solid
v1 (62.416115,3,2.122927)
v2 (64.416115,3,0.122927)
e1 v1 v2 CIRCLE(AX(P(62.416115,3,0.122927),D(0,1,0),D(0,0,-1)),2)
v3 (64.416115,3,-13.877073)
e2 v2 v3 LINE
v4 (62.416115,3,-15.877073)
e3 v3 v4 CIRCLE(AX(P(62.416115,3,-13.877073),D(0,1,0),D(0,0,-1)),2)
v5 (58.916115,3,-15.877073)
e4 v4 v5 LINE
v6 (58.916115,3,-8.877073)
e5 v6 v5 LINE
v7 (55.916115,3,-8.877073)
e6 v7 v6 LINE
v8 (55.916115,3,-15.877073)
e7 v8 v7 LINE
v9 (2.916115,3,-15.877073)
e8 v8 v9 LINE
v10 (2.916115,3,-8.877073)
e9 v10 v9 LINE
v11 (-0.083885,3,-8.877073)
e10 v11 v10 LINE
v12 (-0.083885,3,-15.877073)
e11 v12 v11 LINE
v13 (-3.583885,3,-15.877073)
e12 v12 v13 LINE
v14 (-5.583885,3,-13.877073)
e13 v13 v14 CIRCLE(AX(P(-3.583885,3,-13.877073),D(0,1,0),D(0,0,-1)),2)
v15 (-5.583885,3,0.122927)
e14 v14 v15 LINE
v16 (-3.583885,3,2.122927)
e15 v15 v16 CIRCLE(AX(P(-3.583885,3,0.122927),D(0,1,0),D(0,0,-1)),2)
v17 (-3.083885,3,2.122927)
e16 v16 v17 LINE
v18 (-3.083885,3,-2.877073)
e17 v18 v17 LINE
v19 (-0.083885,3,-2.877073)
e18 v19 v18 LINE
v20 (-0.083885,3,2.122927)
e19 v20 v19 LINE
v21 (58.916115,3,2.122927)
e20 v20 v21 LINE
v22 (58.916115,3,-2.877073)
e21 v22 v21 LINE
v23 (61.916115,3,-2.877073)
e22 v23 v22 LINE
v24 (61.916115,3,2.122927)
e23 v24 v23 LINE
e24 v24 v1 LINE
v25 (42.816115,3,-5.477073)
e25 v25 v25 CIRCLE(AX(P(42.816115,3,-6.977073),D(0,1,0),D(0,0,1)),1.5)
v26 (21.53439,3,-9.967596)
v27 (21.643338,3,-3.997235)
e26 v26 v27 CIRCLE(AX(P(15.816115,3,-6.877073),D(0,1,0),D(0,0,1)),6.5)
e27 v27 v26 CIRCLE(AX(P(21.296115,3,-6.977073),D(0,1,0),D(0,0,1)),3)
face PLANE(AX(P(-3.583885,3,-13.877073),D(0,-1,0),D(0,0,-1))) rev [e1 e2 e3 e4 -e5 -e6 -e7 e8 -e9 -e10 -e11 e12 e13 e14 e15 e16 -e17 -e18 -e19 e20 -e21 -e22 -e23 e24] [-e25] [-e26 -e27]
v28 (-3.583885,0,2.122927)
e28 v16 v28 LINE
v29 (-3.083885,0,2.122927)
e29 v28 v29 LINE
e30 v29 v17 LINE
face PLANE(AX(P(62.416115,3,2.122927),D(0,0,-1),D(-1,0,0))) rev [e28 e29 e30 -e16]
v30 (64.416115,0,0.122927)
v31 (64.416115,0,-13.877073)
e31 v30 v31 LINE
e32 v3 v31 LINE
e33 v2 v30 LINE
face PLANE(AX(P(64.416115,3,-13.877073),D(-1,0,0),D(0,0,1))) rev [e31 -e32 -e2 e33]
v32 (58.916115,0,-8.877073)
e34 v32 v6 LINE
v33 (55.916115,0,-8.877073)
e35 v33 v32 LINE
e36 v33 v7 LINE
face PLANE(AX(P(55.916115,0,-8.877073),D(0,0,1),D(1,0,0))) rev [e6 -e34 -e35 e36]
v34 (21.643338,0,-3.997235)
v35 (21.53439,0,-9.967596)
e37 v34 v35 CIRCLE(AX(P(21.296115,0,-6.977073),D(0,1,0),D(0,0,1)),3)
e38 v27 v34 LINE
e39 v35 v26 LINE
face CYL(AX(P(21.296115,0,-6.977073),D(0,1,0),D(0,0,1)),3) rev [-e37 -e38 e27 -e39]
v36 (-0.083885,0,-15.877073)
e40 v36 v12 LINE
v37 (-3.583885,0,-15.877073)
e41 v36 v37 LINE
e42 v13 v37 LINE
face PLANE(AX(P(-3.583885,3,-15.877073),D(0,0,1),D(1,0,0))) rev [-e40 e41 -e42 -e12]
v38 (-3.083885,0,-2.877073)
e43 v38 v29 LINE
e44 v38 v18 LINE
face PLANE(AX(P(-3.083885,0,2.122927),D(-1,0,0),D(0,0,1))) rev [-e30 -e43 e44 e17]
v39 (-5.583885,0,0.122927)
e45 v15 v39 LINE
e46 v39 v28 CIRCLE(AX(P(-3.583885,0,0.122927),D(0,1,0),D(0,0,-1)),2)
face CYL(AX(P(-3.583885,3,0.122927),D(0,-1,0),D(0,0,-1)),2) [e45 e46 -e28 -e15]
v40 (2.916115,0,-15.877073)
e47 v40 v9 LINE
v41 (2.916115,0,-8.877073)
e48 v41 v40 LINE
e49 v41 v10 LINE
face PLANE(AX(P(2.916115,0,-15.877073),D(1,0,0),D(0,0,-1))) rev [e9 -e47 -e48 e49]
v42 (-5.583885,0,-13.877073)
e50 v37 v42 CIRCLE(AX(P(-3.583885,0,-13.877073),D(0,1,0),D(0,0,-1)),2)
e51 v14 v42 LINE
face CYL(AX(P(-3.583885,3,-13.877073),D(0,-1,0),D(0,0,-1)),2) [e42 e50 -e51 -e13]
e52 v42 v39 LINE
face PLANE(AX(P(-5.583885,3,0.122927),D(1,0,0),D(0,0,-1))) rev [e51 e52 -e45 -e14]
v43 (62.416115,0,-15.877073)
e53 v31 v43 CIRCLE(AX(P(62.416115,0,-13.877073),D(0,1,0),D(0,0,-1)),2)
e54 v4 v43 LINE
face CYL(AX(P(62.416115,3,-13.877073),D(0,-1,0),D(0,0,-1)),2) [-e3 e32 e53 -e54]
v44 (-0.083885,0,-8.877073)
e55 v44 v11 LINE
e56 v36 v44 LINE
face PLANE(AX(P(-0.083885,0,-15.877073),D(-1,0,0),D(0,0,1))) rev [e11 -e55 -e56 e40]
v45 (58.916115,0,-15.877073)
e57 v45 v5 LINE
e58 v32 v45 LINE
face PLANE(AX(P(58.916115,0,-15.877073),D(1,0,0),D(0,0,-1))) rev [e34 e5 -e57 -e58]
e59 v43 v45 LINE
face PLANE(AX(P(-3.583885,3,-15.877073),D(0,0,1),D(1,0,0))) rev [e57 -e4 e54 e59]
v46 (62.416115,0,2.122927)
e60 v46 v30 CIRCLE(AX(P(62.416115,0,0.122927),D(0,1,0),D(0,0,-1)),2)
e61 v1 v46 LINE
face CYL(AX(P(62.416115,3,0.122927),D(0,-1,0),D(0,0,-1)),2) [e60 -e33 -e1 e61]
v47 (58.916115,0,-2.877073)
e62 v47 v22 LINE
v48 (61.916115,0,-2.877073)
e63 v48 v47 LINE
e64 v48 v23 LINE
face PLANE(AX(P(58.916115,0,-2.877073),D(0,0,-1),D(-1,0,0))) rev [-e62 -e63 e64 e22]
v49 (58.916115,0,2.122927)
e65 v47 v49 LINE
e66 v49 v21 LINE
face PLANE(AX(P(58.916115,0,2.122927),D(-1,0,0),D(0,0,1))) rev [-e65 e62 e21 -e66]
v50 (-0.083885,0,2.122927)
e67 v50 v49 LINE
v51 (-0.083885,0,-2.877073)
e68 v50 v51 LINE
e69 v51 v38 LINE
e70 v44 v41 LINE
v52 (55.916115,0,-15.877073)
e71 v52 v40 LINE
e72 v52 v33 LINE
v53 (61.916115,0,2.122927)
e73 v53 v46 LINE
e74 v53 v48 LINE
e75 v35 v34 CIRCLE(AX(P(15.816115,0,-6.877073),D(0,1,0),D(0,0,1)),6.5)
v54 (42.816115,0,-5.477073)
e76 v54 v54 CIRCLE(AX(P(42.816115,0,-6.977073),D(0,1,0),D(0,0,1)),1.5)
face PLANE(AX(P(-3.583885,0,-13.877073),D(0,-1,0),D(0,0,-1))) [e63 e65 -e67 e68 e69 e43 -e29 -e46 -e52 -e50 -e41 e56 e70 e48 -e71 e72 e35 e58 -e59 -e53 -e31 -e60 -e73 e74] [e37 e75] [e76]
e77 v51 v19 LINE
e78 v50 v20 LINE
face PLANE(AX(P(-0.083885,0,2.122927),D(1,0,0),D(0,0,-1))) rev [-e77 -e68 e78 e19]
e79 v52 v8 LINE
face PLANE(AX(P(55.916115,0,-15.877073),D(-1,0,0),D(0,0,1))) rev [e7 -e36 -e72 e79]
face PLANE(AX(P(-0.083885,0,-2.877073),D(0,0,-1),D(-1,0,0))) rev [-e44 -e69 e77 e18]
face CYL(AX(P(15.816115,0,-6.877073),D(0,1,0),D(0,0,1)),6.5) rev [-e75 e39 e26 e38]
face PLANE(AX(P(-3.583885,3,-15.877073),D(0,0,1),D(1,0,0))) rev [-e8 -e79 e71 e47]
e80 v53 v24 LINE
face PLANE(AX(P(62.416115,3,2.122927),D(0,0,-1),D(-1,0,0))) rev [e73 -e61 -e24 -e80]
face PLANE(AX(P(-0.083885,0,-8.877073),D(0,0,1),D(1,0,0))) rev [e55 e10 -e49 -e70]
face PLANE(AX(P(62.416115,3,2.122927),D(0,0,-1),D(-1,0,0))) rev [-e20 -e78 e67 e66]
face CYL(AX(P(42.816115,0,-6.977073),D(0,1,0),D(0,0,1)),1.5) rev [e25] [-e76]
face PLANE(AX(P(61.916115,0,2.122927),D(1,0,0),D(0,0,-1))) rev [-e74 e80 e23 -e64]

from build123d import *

# Parameters (mm, degrees)
BOSS_EXTRUDE1_DEPTH = 3
SKETCH4_R           = 6.5
CUT_EXTRUDE1_DEPTH  = 3
SKETCH5_R           = 3
SKETCH5_R_2         = 1.5
CUT_EXTRUDE2_DEPTH  = 3
SKETCH6_W           = 3
SKETCH6_H           = 7
CUT_EXTRUDE3_DEPTH  = 3
SKETCH7_W           = 3
SKETCH7_H           = 5
CUT_EXTRUDE4_DEPTH  = 3


with BuildPart() as part:
    # Sketch2 → Boss-Extrude1 (new body)
    with BuildSketch(Plane(origin=(0, 0, 0), x_dir=(1, 0, 0), z_dir=(0, 1, 0))):
        with BuildLine():
            Line((-3.583885407, 15.877073113), (62.416114593, 15.877073113))
            ThreePointArc((62.416114593, 15.877073113), (63.830328155, 15.291286675), (64.416114593, 13.877073113))
            Line((64.416114593, 13.877073113), (64.416114593, -0.122926887))
            ThreePointArc((64.416114593, -0.122926887), (63.830328155, -1.53714045), (62.416114593, -2.122926887))
            Line((62.416114593, -2.122926887), (-3.583885407, -2.122926887))
            ThreePointArc((-3.583885407, -2.122926887), (-4.99809897, -1.53714045), (-5.583885407, -0.122926887))
            Line((-5.583885407, -0.122926887), (-5.583885407, 13.877073113))
            ThreePointArc((-5.583885407, 13.877073113), (-4.99809897, 15.291286675), (-3.583885407, 15.877073113))
        make_face()
    extrude(amount=BOSS_EXTRUDE1_DEPTH)

    # Sketch4 → Cut-Extrude1 (cut)
    with BuildSketch(Plane(origin=(0, 3, 0), x_dir=(1, 0, 0), z_dir=(0, 1, 0))):
        with Locations(Location((15.816114593, 6.877073113, 0), (0, 0, 270))):
            Circle(SKETCH4_R)
    extrude(amount=-CUT_EXTRUDE1_DEPTH, mode=Mode.SUBTRACT)

    # Sketch5 → Cut-Extrude2 (cut)
    with BuildSketch(Plane(origin=(0, 3, 0), x_dir=(1, 0, 0), z_dir=(0, 1, 0))):
        with Locations((21.296114593, 6.977073113)):
            Circle(SKETCH5_R)
        with Locations(Location((42.816114593, 6.977073113, 0), (0, 0, 270))):
            Circle(SKETCH5_R_2)
    extrude(amount=-CUT_EXTRUDE2_DEPTH, mode=Mode.SUBTRACT)

    # Sketch6 → Cut-Extrude3 (cut)
    with BuildSketch(Plane(origin=(0, 3, 0), x_dir=(1, 0, 0), z_dir=(0, 1, 0))):
        with Locations((1.416114593, 12.377073113)):
            Rectangle(SKETCH6_W, SKETCH6_H)
        with Locations((57.416114593, 12.377073113)):
            Rectangle(SKETCH6_W, SKETCH6_H)
    extrude(amount=-CUT_EXTRUDE3_DEPTH, mode=Mode.SUBTRACT)

    # Sketch7 → Cut-Extrude4 (cut)
    with BuildSketch(Plane(origin=(0, 3, 0), x_dir=(1, 0, 0), z_dir=(0, 1, 0))):
        with Locations((60.416114593, 0.377073113)):
            Rectangle(SKETCH7_W, SKETCH7_H)
        with Locations((-1.583885407, 0.377073113)):
            Rectangle(SKETCH7_W, SKETCH7_H)
    extrude(amount=-CUT_EXTRUDE4_DEPTH, mode=Mode.SUBTRACT)


solid = part.part
